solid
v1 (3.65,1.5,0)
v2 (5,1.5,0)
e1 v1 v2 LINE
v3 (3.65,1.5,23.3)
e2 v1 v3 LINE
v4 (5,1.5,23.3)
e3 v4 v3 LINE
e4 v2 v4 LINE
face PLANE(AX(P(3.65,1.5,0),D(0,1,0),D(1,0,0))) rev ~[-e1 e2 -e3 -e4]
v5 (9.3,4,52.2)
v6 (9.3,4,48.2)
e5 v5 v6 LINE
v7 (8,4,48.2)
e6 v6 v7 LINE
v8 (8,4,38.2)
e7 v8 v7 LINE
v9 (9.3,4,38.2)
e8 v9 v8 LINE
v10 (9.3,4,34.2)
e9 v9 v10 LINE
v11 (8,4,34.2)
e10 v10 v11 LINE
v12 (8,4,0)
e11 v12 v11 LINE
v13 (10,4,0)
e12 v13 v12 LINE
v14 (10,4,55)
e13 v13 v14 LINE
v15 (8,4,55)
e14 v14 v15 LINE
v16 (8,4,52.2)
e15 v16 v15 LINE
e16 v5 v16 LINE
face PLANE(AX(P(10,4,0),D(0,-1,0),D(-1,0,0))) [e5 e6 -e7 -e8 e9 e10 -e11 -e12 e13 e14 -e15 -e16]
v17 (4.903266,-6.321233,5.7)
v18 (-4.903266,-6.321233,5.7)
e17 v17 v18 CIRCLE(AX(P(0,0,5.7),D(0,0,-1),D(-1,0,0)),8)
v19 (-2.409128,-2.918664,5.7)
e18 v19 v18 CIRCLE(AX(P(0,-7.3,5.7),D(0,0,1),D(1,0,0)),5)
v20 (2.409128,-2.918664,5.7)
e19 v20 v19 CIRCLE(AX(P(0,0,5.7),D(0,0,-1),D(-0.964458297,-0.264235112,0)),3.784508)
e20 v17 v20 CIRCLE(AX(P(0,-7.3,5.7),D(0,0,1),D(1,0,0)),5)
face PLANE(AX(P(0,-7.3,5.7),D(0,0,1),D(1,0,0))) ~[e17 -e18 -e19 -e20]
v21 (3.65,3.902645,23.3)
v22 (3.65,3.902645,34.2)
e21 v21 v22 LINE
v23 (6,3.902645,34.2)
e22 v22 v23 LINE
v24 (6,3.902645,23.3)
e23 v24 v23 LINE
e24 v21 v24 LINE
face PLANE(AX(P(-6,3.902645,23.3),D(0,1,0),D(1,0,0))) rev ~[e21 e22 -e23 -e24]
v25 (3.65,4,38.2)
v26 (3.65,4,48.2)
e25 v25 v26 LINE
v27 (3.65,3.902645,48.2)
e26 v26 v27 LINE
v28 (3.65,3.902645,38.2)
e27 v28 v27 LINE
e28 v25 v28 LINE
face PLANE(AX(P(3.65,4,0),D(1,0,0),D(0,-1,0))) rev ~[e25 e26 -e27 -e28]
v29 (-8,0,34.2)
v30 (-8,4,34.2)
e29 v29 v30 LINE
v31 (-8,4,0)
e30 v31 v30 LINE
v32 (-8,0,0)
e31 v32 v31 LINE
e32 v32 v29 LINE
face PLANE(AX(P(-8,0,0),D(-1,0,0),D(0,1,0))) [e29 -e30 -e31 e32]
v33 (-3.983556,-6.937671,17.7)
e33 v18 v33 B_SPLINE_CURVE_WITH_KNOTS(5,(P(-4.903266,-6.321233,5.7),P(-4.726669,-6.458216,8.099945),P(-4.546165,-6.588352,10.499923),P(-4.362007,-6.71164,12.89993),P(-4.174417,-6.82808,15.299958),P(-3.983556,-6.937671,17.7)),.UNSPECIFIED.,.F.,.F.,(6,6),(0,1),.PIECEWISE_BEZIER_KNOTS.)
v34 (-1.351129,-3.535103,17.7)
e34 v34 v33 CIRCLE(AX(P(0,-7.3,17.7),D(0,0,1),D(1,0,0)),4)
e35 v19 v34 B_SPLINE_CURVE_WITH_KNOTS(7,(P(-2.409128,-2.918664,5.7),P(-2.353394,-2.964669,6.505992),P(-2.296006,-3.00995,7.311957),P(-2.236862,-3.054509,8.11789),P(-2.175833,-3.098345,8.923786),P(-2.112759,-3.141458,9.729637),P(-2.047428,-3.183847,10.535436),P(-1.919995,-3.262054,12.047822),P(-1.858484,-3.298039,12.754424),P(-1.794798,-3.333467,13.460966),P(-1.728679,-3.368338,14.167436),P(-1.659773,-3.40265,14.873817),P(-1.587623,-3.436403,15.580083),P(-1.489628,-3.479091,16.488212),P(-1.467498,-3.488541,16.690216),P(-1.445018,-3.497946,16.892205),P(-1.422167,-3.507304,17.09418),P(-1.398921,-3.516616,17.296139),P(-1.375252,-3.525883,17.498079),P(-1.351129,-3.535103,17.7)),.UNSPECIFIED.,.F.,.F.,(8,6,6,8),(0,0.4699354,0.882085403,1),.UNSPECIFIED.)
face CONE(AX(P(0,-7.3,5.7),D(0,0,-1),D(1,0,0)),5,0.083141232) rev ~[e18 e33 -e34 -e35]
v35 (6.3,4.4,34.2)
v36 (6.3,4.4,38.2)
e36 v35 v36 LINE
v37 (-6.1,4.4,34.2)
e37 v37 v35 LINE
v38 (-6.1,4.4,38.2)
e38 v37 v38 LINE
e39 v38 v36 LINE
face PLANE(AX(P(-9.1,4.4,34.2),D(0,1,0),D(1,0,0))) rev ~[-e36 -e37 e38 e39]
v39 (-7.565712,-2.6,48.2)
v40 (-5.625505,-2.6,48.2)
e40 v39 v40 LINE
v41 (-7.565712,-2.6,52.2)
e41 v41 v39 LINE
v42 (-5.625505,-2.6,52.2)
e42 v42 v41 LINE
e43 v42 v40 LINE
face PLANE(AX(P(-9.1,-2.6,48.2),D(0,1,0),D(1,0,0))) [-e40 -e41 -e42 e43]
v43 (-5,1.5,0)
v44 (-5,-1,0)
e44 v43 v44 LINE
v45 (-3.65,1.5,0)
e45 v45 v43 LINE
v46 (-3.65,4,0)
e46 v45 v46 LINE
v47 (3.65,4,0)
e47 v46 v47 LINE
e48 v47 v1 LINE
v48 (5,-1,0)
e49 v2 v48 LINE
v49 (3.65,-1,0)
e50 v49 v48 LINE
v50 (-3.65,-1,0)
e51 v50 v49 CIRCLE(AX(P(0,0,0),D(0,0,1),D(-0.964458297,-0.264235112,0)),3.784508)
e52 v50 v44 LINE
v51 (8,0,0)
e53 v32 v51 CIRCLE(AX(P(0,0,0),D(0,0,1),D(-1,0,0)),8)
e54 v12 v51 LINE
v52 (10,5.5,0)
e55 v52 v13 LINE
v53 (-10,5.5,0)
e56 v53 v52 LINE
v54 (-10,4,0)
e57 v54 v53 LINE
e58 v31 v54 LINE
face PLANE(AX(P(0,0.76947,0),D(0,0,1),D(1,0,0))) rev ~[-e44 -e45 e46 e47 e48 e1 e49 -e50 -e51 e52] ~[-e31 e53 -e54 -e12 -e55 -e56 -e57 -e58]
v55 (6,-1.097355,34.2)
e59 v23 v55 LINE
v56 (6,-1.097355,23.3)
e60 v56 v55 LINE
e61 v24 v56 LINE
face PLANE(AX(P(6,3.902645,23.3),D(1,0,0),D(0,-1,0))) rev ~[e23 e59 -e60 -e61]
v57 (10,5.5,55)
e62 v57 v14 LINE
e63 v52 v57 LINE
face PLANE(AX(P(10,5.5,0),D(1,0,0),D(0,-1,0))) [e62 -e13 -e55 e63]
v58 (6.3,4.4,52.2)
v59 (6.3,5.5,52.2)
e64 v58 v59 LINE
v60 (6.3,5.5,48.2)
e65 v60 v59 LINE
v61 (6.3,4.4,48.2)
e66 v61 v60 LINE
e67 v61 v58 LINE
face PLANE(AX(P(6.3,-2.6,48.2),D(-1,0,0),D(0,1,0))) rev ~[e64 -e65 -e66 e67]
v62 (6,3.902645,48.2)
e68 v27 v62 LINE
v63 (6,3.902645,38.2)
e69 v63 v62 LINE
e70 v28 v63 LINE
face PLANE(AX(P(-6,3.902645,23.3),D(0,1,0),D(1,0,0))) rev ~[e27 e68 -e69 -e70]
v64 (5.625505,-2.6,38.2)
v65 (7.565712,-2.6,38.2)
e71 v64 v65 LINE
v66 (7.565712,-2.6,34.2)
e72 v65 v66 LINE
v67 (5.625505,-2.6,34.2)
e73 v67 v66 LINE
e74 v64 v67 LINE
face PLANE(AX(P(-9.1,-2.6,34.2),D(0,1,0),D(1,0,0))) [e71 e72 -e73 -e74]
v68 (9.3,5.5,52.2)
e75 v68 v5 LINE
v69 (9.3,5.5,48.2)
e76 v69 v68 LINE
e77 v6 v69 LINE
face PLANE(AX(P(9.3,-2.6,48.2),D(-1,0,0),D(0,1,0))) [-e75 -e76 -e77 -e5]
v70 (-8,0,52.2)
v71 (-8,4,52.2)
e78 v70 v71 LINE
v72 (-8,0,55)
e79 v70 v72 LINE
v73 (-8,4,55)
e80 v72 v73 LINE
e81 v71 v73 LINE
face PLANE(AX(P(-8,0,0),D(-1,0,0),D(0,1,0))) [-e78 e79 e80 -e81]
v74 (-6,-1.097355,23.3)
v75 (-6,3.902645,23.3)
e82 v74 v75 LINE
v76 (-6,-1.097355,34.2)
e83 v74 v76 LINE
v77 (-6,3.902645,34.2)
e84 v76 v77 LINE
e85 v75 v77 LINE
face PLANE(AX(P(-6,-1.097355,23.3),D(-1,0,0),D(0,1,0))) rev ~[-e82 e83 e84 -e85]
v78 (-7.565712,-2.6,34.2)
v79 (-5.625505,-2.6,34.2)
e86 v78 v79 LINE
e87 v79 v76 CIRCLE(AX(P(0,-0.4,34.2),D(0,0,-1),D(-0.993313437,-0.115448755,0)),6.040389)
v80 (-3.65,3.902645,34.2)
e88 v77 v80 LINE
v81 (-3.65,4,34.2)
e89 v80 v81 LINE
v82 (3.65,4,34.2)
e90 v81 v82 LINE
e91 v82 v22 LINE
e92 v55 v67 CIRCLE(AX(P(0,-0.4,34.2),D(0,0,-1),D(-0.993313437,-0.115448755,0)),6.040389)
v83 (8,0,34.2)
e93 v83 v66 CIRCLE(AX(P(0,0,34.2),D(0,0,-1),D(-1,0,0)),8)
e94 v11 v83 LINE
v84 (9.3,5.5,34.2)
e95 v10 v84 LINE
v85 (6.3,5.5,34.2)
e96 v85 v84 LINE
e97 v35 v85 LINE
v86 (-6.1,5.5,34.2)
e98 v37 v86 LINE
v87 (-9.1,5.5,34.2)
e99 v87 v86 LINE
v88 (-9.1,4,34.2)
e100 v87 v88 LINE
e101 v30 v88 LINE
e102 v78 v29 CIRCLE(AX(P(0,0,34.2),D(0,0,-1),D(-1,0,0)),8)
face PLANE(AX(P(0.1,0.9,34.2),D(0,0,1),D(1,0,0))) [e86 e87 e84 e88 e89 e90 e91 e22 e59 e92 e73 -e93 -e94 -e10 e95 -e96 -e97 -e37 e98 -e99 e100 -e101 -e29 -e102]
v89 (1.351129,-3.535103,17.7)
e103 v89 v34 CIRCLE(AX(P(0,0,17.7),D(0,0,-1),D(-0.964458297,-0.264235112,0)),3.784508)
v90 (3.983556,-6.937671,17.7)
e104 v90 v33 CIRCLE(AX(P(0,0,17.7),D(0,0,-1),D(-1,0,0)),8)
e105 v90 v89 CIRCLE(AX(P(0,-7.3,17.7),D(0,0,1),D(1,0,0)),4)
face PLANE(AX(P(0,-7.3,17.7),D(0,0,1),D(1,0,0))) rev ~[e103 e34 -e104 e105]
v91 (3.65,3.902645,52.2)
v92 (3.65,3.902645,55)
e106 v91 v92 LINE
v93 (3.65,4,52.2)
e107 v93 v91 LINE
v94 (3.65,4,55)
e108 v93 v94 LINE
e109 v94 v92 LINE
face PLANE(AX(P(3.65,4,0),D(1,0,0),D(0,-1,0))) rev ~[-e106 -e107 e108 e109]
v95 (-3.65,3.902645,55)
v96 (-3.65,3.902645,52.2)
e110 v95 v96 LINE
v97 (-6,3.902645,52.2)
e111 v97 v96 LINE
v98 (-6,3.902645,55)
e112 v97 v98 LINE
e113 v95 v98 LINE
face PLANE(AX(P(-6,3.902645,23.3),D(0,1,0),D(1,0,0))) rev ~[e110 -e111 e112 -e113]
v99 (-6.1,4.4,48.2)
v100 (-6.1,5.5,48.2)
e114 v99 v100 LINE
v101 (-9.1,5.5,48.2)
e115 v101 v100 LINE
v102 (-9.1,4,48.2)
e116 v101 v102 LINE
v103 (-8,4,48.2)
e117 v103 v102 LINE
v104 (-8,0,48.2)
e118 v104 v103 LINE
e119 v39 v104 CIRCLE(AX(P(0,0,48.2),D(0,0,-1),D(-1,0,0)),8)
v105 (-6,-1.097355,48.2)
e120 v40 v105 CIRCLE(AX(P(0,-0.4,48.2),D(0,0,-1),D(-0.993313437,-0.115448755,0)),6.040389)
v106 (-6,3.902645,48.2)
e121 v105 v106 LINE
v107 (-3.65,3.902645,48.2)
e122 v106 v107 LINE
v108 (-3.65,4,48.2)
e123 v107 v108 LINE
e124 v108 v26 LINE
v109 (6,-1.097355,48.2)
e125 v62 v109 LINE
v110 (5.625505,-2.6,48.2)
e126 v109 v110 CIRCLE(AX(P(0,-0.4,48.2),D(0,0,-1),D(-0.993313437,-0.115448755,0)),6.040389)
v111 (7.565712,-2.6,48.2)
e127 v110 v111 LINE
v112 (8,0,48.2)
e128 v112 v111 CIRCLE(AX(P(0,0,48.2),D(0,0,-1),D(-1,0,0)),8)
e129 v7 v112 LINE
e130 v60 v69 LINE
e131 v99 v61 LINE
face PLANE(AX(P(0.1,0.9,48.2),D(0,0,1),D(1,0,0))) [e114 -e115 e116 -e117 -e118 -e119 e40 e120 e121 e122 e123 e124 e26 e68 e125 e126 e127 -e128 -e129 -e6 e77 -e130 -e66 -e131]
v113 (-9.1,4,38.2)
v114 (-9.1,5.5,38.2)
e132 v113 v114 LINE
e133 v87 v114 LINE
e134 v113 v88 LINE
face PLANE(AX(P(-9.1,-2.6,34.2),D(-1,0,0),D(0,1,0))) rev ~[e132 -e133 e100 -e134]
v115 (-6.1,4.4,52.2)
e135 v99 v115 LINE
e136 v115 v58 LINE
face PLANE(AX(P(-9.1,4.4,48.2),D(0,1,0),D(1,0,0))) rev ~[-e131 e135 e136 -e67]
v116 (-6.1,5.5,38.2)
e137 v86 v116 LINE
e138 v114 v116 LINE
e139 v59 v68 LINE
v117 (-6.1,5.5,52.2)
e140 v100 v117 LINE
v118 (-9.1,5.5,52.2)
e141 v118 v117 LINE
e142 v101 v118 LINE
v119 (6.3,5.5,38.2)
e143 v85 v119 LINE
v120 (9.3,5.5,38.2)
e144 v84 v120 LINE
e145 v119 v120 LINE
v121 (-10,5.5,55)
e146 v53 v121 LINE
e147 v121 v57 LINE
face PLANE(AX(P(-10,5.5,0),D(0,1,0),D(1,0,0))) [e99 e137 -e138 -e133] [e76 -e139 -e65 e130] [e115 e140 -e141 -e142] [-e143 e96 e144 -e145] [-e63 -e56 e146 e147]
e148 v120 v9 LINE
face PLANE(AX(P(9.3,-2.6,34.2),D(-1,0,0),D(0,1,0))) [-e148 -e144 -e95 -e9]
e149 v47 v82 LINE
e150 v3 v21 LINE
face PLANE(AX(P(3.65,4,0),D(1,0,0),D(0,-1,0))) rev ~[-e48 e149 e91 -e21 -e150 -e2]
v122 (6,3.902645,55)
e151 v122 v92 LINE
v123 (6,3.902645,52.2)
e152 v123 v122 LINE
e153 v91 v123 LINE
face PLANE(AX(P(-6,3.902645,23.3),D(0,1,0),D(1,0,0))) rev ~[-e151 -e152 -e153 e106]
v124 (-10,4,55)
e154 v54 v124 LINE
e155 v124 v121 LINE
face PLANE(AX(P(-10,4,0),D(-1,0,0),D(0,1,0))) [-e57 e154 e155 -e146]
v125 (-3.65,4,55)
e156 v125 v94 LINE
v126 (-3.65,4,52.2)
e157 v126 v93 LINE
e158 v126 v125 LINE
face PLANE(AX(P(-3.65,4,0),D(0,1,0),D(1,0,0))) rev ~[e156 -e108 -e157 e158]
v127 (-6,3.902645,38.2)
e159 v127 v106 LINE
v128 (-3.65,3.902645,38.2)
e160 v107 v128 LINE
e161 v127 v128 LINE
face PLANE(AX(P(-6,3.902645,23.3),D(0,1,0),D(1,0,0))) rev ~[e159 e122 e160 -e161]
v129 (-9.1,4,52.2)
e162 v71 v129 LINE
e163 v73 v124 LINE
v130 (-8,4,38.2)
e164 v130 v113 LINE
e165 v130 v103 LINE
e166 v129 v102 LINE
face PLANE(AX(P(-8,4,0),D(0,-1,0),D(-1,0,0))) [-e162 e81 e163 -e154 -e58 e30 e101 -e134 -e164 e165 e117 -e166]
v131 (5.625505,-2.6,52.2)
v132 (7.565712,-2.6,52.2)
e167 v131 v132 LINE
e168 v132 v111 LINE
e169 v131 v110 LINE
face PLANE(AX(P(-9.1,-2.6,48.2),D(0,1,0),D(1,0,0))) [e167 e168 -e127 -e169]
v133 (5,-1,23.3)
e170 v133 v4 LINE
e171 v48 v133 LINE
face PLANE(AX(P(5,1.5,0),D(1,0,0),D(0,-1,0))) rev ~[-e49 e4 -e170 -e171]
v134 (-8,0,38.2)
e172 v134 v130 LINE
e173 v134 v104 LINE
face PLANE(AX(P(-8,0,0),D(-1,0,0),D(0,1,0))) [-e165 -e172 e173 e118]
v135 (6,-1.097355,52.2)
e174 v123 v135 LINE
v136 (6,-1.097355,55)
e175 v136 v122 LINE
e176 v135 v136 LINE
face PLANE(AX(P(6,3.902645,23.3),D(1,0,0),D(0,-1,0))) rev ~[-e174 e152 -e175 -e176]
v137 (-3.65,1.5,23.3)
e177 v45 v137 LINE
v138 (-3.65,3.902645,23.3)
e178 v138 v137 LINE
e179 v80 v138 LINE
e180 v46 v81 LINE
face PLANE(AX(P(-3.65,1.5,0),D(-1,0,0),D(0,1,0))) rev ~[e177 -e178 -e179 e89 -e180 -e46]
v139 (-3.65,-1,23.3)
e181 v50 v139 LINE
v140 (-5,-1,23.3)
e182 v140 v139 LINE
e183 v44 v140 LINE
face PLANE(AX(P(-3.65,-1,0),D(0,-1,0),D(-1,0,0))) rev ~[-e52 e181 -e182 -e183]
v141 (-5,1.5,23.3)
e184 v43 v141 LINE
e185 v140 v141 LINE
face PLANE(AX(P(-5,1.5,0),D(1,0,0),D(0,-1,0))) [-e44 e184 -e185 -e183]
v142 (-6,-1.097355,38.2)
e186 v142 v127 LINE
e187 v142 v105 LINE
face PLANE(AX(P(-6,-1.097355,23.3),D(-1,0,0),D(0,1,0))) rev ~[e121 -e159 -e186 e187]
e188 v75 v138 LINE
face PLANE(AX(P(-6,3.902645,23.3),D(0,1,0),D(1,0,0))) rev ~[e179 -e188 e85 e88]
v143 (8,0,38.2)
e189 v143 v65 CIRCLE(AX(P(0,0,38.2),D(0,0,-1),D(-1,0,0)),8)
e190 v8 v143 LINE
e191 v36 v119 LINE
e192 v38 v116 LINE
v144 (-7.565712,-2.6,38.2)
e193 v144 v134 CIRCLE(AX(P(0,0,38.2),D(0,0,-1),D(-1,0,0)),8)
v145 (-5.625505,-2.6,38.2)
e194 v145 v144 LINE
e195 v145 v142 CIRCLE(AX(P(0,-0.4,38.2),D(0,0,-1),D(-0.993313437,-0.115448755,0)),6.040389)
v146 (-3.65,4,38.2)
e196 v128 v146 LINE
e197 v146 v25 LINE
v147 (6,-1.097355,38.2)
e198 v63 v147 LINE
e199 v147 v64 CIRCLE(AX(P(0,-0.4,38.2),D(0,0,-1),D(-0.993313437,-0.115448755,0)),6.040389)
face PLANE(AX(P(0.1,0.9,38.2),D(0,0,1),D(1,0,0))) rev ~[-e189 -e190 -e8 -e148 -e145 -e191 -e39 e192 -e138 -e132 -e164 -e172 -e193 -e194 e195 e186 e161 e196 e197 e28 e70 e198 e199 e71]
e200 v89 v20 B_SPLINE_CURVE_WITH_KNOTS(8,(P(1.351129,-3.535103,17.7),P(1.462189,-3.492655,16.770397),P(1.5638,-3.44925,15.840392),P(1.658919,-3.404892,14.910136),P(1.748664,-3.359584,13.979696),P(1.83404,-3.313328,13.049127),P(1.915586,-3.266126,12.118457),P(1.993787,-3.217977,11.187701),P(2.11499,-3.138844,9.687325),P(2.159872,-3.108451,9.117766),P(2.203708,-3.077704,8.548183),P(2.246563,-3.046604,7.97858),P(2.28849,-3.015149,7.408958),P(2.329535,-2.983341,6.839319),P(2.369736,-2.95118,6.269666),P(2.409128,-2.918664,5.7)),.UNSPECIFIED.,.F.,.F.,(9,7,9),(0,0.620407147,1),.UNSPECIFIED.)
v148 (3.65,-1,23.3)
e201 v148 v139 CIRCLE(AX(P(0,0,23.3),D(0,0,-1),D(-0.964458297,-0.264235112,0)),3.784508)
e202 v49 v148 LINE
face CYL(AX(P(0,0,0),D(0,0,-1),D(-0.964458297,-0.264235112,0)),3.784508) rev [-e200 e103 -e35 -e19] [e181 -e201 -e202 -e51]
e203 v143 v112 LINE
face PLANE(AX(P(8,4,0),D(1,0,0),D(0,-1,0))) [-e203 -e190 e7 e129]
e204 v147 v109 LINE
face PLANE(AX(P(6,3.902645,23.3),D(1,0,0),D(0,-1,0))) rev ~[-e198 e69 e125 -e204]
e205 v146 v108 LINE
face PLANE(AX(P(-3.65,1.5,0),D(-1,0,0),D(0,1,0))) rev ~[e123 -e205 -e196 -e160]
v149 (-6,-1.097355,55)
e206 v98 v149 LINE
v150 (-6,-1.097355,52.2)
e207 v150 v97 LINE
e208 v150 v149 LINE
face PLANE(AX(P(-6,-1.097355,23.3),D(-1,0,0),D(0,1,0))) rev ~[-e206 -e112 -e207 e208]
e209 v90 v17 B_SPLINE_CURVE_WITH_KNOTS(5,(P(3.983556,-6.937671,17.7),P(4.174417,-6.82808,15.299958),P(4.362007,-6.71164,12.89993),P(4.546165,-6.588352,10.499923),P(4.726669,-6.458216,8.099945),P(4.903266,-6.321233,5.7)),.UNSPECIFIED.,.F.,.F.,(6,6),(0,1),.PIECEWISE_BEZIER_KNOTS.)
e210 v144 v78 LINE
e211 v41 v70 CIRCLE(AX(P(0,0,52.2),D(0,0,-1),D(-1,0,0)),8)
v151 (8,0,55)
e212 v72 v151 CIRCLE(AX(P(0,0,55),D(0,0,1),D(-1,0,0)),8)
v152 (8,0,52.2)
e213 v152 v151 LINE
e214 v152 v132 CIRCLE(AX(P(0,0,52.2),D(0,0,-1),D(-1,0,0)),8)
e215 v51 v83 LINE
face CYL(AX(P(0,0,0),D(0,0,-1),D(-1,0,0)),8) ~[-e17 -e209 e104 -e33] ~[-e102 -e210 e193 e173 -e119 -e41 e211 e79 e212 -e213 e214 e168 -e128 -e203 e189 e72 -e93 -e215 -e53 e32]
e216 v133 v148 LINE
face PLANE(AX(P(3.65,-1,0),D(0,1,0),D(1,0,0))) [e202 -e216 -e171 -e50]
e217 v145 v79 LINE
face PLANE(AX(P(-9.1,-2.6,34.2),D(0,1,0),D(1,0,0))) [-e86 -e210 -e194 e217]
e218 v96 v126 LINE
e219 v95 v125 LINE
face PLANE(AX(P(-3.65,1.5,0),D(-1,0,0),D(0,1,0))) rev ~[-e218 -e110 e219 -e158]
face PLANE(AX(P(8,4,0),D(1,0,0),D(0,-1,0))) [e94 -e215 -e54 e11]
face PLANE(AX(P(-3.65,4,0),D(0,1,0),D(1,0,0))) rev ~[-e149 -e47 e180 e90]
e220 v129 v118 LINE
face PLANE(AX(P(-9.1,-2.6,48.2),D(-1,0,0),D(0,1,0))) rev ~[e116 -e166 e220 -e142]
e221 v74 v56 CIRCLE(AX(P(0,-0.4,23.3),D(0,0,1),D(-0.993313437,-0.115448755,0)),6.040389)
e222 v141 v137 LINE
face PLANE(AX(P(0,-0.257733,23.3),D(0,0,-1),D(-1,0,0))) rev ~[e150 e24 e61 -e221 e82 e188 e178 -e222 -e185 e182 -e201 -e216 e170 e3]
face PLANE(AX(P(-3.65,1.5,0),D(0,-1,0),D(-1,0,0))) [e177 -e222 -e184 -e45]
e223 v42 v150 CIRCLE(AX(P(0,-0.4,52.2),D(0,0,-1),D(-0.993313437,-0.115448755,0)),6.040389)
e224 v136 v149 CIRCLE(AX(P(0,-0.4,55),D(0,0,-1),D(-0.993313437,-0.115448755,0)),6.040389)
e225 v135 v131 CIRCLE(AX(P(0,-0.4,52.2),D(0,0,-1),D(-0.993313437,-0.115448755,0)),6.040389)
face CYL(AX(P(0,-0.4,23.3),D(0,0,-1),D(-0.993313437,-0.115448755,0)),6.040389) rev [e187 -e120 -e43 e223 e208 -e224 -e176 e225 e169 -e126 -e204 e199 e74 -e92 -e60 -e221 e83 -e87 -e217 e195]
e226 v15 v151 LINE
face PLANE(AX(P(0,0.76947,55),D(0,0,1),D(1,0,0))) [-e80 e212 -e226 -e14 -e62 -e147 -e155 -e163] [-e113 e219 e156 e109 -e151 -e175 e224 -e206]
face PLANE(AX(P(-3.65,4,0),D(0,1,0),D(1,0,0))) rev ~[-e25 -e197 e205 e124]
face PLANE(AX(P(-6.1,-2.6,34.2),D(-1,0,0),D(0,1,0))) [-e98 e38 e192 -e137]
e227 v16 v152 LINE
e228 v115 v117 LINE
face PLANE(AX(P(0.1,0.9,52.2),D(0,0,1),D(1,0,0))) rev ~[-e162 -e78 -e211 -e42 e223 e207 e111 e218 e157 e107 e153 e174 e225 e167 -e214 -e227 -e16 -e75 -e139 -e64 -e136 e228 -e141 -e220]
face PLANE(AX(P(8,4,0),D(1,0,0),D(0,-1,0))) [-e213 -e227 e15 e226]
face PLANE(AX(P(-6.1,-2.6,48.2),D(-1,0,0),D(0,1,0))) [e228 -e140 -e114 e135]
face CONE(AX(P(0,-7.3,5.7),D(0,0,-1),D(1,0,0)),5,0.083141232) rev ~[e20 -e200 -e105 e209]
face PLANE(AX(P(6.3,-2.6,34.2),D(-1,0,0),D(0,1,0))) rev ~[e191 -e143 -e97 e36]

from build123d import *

# Parameters (mm, degrees)
BOX005_W     = 3
BOX005_H     = 10
BOX005_DEPTH = 4
BOX004_W     = 3
BOX004_H     = 10
BOX004_DEPTH = 4
BOX003_W     = 3
BOX003_H     = 10
BOX003_DEPTH = 4
BOX002_W     = 3
BOX002_H     = 10
BOX002_DEPTH = 4
BOX001_W     = 18.4
BOX001_H     = 7
BOX001_DEPTH = 4
BOX_W        = 18.4
BOX_H        = 7
BOX_DEPTH    = 4
PAD001_DEPTH = 34
PAD_DEPTH    = 55


with BuildPart() as w_rfel005:
    # Box005 → Box005 (new body)
    with BuildSketch(Plane(origin=(6.3, -2.6, 34.2), x_dir=(1, 0, 0), z_dir=(0, 0, 1))):
        with Locations((1.5, 5)):
            Rectangle(BOX005_W, BOX005_H)
    extrude(amount=BOX005_DEPTH)


with BuildPart() as w_rfel004:
    # Box004 → Box004 (new body)
    with BuildSketch(Plane(origin=(-9.1, -2.6, 34.2), x_dir=(1, 0, 0), z_dir=(0, 0, 1))):
        with Locations((1.5, 5)):
            Rectangle(BOX004_W, BOX004_H)
    extrude(amount=BOX004_DEPTH)


with BuildPart() as w_rfel003:
    # Box003 → Box003 (new body)
    with BuildSketch(Plane(origin=(6.3, -2.6, 48.2), x_dir=(1, 0, 0), z_dir=(0, 0, 1))):
        with Locations((1.5, 5)):
            Rectangle(BOX003_W, BOX003_H)
    extrude(amount=BOX003_DEPTH)


with BuildPart() as w_rfel002:
    # Box002 → Box002 (new body)
    with BuildSketch(Plane(origin=(-9.1, -2.6, 48.2), x_dir=(1, 0, 0), z_dir=(0, 0, 1))):
        with Locations((1.5, 5)):
            Rectangle(BOX002_W, BOX002_H)
    extrude(amount=BOX002_DEPTH)


with BuildPart() as w_rfel001:
    # Box001 → Box001 (new body)
    with BuildSketch(Plane(origin=(-9.1, -2.6, 34.2), x_dir=(1, 0, 0), z_dir=(0, 0, 1))):
        with Locations((9.2, 3.5)):
            Rectangle(BOX001_W, BOX001_H)
    extrude(amount=BOX001_DEPTH)


with BuildPart() as w_rfel:
    # Box → Box (new body)
    with BuildSketch(Plane(origin=(-9.1, -2.6, 48.2), x_dir=(1, 0, 0), z_dir=(0, 0, 1))):
        with Locations((9.2, 3.5)):
            Rectangle(BOX_W, BOX_H)
    extrude(amount=BOX_DEPTH)


with BuildPart() as kegel:
    # Cone → Cone (revolve)
    with BuildSketch(Plane(origin=(0, -7.3, 5.7), x_dir=(1, 0, 0), z_dir=(0, -1, 0))):
        Polygon((0, 0), (5, 0), (4, 12), (0, 12), align=None)
    revolve(axis=Axis((0, -7.3, 5.7), (0, 0, 1)))


with BuildPart() as body001:
    # Sketch001 → Pad001 (new body)
    with BuildSketch(Plane.XY):
        with BuildLine():
            Line((-6, -0.697355), (-6, 4.302645))
            Line((-6, 4.302645), (6, 4.302645))
            Line((6, 4.302645), (6, -0.697355))
            ThreePointArc((-6, -0.697355), (0, -6.040389), (6, -0.697355))
        make_face()
    extrude(amount=PAD001_DEPTH)


with BuildPart() as body001_1:
    # Body001 placement: moved
    add(body001.part.moved(Location((0, -0.4, 23.3))))


with BuildPart() as cut007:
    # Sketch → Pad (new body)
    with BuildSketch(Plane.XY):
        with BuildLine():
            ThreePointArc((-8, 0), (0, -8), (8, 0))
            Line((8, 4), (8, 0))
            Line((10, 4), (8, 4))
            Line((10, 5.5), (10, 4))
            Line((-10, 5.5), (10, 5.5))
            Line((-10, 4), (-10, 5.5))
            Line((-8, 4), (-10, 4))
            Line((-8, 0), (-8, 4))
        make_face()
        with BuildLine():
            ThreePointArc((-3.65, -1), (0, -3.784508), (3.65, -1))
            Line((3.65, -1), (5, -1))
            Line((5, 1.5), (5, -1))
            Line((3.65, 1.5), (5, 1.5))
            Line((3.65, 4), (3.65, 1.5))
            Line((-3.65, 4), (3.65, 4))
            Line((-3.65, 1.5), (-3.65, 4))
            Line((-3.65, 1.5), (-5, 1.5))
            Line((-5, 1.5), (-5, -1))
            Line((-3.65, -1), (-5, -1))
        make_face(mode=Mode.SUBTRACT)
    extrude(amount=PAD_DEPTH)

    # Cut: cut Body001
    add(body001_1.part, mode=Mode.SUBTRACT)

    # Cut001: cut Kegel
    add(kegel.part, mode=Mode.SUBTRACT)

    # Cut002: cut Würfel
    add(w_rfel.part, mode=Mode.SUBTRACT)

    # Cut003: cut Würfel001
    add(w_rfel001.part, mode=Mode.SUBTRACT)

    # Cut004: cut Würfel002
    add(w_rfel002.part, mode=Mode.SUBTRACT)

    # Cut005: cut Würfel003
    add(w_rfel003.part, mode=Mode.SUBTRACT)

    # Cut006: cut Würfel004
    add(w_rfel004.part, mode=Mode.SUBTRACT)

    # Cut007: cut Würfel005
    add(w_rfel005.part, mode=Mode.SUBTRACT)


solid = cut007.part
